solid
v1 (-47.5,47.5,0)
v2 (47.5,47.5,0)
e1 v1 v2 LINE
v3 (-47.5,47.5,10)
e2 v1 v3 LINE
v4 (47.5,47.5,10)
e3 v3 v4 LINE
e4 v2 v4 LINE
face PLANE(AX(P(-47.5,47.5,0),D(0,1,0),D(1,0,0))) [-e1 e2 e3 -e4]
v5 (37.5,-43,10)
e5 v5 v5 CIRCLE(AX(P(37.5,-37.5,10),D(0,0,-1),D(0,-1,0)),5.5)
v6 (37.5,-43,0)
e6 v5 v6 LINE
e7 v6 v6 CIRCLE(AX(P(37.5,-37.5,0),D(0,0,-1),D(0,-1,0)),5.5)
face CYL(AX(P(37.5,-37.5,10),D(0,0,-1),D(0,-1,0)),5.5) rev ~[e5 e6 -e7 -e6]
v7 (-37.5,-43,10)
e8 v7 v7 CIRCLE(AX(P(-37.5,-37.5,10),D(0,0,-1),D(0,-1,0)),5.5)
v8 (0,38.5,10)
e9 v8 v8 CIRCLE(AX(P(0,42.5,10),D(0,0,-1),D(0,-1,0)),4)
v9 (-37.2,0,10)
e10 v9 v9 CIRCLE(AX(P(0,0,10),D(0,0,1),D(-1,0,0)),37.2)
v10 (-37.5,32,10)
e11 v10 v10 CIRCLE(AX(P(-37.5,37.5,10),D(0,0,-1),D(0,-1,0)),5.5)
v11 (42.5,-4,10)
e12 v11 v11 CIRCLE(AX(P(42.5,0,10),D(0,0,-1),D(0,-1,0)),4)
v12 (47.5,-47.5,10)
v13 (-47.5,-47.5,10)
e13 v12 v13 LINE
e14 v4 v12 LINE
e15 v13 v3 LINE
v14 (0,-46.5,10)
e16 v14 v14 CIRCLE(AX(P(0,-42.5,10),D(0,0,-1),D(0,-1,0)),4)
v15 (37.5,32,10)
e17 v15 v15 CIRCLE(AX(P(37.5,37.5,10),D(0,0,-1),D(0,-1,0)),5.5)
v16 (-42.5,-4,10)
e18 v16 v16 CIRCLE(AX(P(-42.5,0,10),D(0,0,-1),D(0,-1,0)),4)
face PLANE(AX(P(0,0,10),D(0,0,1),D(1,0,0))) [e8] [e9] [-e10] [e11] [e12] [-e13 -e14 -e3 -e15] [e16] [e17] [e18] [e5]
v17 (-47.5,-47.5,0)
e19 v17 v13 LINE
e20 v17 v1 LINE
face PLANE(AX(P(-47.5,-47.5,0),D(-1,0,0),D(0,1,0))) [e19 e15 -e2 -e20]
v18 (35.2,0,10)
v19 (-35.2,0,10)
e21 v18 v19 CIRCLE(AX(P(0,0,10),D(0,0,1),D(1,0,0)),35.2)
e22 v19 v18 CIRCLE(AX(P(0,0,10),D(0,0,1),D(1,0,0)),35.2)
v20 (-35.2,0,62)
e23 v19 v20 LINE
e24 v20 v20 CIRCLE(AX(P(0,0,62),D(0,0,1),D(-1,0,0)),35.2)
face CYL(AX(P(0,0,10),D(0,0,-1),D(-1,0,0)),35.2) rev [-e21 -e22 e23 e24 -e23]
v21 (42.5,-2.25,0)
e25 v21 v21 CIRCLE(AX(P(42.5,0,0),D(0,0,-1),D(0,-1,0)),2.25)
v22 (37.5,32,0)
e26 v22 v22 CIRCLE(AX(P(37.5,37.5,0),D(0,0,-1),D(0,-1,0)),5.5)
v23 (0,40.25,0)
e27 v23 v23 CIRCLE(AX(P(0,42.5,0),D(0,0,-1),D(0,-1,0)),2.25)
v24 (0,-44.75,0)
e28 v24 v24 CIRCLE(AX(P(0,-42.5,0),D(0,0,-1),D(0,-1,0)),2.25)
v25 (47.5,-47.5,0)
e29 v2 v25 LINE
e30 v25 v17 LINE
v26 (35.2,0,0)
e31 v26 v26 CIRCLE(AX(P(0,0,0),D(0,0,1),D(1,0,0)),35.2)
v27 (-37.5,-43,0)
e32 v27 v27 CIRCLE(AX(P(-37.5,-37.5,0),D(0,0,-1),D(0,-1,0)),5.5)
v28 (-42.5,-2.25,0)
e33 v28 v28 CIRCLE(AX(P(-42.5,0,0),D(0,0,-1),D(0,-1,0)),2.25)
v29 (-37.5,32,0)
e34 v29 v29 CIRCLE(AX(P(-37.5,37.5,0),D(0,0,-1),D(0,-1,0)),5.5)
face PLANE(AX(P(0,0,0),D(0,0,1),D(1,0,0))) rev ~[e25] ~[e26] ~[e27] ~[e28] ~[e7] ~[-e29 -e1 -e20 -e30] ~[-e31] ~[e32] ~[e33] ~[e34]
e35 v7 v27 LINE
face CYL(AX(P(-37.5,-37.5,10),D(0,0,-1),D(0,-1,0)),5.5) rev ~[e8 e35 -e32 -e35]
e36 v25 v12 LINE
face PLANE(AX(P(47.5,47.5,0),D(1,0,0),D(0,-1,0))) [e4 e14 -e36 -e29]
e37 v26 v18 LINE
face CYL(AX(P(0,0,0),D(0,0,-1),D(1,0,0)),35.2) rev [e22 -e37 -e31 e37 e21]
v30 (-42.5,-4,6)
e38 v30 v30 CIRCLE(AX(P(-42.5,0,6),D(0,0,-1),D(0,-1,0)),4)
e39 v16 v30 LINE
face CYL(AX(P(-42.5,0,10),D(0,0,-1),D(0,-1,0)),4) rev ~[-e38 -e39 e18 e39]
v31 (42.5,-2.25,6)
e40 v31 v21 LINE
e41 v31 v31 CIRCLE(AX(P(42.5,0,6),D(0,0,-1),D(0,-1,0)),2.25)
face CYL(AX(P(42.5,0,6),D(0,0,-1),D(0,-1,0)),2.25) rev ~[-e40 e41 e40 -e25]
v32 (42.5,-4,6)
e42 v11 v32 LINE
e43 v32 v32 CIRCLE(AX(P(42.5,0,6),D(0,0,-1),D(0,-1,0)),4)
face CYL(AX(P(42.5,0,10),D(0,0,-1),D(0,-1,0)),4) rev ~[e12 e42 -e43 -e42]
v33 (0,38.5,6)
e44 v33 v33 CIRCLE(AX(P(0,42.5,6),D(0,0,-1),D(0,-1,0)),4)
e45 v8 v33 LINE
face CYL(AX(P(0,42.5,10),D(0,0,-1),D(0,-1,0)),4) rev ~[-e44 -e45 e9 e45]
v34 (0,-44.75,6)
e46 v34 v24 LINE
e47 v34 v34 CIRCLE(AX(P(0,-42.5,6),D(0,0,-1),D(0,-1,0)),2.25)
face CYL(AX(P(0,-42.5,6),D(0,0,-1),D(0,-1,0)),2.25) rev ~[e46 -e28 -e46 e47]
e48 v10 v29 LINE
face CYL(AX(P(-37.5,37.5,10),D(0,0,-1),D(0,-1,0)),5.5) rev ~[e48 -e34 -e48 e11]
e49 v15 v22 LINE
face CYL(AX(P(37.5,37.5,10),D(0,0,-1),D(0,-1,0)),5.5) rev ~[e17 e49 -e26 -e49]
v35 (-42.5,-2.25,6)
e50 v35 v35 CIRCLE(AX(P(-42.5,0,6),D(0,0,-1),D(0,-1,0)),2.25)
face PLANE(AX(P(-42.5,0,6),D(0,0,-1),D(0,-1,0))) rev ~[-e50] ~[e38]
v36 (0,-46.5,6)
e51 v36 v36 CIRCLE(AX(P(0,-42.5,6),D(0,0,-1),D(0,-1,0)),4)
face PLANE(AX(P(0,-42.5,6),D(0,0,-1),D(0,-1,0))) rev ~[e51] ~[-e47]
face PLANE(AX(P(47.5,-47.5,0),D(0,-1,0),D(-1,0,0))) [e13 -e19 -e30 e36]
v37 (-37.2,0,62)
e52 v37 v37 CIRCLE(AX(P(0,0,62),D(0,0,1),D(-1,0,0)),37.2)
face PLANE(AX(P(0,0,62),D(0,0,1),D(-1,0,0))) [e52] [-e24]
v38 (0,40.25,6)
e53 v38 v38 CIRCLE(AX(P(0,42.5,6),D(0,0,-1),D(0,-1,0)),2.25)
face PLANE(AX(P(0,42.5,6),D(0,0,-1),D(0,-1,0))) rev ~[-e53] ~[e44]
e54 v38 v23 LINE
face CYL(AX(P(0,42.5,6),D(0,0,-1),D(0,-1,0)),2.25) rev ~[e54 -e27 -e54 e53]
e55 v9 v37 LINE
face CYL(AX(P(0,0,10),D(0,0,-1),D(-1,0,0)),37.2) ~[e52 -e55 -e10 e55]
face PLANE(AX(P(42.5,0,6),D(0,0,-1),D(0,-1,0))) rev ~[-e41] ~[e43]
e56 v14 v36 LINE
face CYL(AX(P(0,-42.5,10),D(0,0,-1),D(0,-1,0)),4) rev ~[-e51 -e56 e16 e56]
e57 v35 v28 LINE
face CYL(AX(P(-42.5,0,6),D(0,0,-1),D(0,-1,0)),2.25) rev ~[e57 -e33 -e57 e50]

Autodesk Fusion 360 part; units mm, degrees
sketch "Sketch1" plane through (0, 0, 0) normal (0, 0, 1) x (1, 0, 0)
  line L0 (-47.5, 47.5) -> (47.5, 47.5)
  line L1 (47.5, 47.5) -> (47.5, -47.5)
  line L2 (47.5, -47.5) -> (-47.5, -47.5)
  line L3 (-47.5, -47.5) -> (-47.5, 47.5)
  line L4 (-47.5, 47.5) -> (47.5, -47.5) construction
  line L5 (-47.5, -47.5) -> (47.5, 47.5) construction
  circle A0 centre (0, 0) radius 35.2
  dimension "d1" = 95
  dimension "d2" = 95
  dimension "d3" = 70.4
extrude "Extrude1" add sketch "Sketch1" along normal blind 10
sketch "Sketch2" plane through (0, 0, 10) normal (0, 0, 1) x (-1, 0, 0)
  circle A0 centre (0, 0) radius 35.2
  line L0 (47.5, 47.5) -> (-47.5, 47.5)
  line L1 (-47.5, 47.5) -> (-47.5, -47.5)
  line L2 (-47.5, -47.5) -> (47.5, -47.5)
  line L3 (47.5, -47.5) -> (47.5, 47.5)
  line L4 (42.5, 0) -> (-42.5, 0) construction
  line L5 (0, -42.5) -> (0, 42.5) construction
  point P0 (0, -42.5)
  point P1 (42.5, 0)
  point P2 (0, 42.5)
  point P3 (-42.5, 0)
  dimension "d7" = 5
  dimension "d8" = 5
  dimension "d9" = 5
  dimension "d10" = 5
hole "Hole1" at (-42.5, 0, 10) at (0, 42.5, 10) at (42.5, 0, 10) at (0, -42.5, 10) direction (0, 0, -1) diameter 4.5 depth 15 tip angle 118 counterbore diameter 8 counterbore depth 4
sketch "Sketch3" plane through (0, 0, 10) normal (0, 0, 1) x (-1, 0, 0)
  circle A0 centre (-42.5, 0) radius 4
  circle A1 centre (42.5, 0) radius 4
  circle A2 centre (0, -42.5) radius 4
  circle A3 centre (0, 42.5) radius 4
  circle A4 centre (0, 0) radius 35.2
  line L0 (47.5, 47.5) -> (-47.5, 47.5)
  line L1 (-47.5, 47.5) -> (-47.5, -47.5)
  line L2 (-47.5, -47.5) -> (47.5, -47.5)
  line L3 (47.5, -47.5) -> (47.5, 47.5)
  circle A5 centre (0, 0) radius 35.2
  circle A6 centre (0, 0) radius 37.2
  dimension "d16" = 2
extrude "Extrude2" add sketch "Sketch3" along normal blind 52 contours A6
sketch "Sketch4" plane through (0, 0, 10) normal (0, 0, 1) x (-1, 0, 0)
  circle A0 centre (0, 0) radius 37.2
  circle A1 centre (-42.5, 0) radius 4
  circle A2 centre (42.5, 0) radius 4
  circle A3 centre (0, -42.5) radius 4
  circle A4 centre (0, 42.5) radius 4
  line L0 (47.5, 47.5) -> (-47.5, 47.5)
  line L1 (-47.5, 47.5) -> (-47.5, -47.5)
  line L2 (-47.5, -47.5) -> (47.5, -47.5)
  line L3 (47.5, -47.5) -> (47.5, 47.5)
  line L4 (37.5, -37.5) -> (-37.5, -37.5) construction
  line L5 (-37.5, -37.5) -> (-37.5, 37.5) construction
  line L6 (-37.5, 37.5) -> (37.5, 37.5) construction
  line L7 (37.5, 37.5) -> (37.5, -37.5) construction
  point P0 (37.5, -37.5)
  point P1 (-37.5, -37.5)
  point P2 (-37.5, 37.5)
  point P3 (37.5, 37.5)
  dimension "d19" = 10
  dimension "d20" = 10
  dimension "d21" = 10
  dimension "d22" = 10
hole "Hole2" at (-37.5, -37.5, 10) at (-37.5, 37.5, 10) at (37.5, 37.5, 10) at (37.5, -37.5, 10) direction (0, 0, -1) diameter 11 end through all
equation "d2 = d1"
equation "d8 = d7"
equation "d9 = d7"
equation "d10 = d7"
equation "d20 = d19"
equation "d21 = d19"
equation "d22 = d19"
